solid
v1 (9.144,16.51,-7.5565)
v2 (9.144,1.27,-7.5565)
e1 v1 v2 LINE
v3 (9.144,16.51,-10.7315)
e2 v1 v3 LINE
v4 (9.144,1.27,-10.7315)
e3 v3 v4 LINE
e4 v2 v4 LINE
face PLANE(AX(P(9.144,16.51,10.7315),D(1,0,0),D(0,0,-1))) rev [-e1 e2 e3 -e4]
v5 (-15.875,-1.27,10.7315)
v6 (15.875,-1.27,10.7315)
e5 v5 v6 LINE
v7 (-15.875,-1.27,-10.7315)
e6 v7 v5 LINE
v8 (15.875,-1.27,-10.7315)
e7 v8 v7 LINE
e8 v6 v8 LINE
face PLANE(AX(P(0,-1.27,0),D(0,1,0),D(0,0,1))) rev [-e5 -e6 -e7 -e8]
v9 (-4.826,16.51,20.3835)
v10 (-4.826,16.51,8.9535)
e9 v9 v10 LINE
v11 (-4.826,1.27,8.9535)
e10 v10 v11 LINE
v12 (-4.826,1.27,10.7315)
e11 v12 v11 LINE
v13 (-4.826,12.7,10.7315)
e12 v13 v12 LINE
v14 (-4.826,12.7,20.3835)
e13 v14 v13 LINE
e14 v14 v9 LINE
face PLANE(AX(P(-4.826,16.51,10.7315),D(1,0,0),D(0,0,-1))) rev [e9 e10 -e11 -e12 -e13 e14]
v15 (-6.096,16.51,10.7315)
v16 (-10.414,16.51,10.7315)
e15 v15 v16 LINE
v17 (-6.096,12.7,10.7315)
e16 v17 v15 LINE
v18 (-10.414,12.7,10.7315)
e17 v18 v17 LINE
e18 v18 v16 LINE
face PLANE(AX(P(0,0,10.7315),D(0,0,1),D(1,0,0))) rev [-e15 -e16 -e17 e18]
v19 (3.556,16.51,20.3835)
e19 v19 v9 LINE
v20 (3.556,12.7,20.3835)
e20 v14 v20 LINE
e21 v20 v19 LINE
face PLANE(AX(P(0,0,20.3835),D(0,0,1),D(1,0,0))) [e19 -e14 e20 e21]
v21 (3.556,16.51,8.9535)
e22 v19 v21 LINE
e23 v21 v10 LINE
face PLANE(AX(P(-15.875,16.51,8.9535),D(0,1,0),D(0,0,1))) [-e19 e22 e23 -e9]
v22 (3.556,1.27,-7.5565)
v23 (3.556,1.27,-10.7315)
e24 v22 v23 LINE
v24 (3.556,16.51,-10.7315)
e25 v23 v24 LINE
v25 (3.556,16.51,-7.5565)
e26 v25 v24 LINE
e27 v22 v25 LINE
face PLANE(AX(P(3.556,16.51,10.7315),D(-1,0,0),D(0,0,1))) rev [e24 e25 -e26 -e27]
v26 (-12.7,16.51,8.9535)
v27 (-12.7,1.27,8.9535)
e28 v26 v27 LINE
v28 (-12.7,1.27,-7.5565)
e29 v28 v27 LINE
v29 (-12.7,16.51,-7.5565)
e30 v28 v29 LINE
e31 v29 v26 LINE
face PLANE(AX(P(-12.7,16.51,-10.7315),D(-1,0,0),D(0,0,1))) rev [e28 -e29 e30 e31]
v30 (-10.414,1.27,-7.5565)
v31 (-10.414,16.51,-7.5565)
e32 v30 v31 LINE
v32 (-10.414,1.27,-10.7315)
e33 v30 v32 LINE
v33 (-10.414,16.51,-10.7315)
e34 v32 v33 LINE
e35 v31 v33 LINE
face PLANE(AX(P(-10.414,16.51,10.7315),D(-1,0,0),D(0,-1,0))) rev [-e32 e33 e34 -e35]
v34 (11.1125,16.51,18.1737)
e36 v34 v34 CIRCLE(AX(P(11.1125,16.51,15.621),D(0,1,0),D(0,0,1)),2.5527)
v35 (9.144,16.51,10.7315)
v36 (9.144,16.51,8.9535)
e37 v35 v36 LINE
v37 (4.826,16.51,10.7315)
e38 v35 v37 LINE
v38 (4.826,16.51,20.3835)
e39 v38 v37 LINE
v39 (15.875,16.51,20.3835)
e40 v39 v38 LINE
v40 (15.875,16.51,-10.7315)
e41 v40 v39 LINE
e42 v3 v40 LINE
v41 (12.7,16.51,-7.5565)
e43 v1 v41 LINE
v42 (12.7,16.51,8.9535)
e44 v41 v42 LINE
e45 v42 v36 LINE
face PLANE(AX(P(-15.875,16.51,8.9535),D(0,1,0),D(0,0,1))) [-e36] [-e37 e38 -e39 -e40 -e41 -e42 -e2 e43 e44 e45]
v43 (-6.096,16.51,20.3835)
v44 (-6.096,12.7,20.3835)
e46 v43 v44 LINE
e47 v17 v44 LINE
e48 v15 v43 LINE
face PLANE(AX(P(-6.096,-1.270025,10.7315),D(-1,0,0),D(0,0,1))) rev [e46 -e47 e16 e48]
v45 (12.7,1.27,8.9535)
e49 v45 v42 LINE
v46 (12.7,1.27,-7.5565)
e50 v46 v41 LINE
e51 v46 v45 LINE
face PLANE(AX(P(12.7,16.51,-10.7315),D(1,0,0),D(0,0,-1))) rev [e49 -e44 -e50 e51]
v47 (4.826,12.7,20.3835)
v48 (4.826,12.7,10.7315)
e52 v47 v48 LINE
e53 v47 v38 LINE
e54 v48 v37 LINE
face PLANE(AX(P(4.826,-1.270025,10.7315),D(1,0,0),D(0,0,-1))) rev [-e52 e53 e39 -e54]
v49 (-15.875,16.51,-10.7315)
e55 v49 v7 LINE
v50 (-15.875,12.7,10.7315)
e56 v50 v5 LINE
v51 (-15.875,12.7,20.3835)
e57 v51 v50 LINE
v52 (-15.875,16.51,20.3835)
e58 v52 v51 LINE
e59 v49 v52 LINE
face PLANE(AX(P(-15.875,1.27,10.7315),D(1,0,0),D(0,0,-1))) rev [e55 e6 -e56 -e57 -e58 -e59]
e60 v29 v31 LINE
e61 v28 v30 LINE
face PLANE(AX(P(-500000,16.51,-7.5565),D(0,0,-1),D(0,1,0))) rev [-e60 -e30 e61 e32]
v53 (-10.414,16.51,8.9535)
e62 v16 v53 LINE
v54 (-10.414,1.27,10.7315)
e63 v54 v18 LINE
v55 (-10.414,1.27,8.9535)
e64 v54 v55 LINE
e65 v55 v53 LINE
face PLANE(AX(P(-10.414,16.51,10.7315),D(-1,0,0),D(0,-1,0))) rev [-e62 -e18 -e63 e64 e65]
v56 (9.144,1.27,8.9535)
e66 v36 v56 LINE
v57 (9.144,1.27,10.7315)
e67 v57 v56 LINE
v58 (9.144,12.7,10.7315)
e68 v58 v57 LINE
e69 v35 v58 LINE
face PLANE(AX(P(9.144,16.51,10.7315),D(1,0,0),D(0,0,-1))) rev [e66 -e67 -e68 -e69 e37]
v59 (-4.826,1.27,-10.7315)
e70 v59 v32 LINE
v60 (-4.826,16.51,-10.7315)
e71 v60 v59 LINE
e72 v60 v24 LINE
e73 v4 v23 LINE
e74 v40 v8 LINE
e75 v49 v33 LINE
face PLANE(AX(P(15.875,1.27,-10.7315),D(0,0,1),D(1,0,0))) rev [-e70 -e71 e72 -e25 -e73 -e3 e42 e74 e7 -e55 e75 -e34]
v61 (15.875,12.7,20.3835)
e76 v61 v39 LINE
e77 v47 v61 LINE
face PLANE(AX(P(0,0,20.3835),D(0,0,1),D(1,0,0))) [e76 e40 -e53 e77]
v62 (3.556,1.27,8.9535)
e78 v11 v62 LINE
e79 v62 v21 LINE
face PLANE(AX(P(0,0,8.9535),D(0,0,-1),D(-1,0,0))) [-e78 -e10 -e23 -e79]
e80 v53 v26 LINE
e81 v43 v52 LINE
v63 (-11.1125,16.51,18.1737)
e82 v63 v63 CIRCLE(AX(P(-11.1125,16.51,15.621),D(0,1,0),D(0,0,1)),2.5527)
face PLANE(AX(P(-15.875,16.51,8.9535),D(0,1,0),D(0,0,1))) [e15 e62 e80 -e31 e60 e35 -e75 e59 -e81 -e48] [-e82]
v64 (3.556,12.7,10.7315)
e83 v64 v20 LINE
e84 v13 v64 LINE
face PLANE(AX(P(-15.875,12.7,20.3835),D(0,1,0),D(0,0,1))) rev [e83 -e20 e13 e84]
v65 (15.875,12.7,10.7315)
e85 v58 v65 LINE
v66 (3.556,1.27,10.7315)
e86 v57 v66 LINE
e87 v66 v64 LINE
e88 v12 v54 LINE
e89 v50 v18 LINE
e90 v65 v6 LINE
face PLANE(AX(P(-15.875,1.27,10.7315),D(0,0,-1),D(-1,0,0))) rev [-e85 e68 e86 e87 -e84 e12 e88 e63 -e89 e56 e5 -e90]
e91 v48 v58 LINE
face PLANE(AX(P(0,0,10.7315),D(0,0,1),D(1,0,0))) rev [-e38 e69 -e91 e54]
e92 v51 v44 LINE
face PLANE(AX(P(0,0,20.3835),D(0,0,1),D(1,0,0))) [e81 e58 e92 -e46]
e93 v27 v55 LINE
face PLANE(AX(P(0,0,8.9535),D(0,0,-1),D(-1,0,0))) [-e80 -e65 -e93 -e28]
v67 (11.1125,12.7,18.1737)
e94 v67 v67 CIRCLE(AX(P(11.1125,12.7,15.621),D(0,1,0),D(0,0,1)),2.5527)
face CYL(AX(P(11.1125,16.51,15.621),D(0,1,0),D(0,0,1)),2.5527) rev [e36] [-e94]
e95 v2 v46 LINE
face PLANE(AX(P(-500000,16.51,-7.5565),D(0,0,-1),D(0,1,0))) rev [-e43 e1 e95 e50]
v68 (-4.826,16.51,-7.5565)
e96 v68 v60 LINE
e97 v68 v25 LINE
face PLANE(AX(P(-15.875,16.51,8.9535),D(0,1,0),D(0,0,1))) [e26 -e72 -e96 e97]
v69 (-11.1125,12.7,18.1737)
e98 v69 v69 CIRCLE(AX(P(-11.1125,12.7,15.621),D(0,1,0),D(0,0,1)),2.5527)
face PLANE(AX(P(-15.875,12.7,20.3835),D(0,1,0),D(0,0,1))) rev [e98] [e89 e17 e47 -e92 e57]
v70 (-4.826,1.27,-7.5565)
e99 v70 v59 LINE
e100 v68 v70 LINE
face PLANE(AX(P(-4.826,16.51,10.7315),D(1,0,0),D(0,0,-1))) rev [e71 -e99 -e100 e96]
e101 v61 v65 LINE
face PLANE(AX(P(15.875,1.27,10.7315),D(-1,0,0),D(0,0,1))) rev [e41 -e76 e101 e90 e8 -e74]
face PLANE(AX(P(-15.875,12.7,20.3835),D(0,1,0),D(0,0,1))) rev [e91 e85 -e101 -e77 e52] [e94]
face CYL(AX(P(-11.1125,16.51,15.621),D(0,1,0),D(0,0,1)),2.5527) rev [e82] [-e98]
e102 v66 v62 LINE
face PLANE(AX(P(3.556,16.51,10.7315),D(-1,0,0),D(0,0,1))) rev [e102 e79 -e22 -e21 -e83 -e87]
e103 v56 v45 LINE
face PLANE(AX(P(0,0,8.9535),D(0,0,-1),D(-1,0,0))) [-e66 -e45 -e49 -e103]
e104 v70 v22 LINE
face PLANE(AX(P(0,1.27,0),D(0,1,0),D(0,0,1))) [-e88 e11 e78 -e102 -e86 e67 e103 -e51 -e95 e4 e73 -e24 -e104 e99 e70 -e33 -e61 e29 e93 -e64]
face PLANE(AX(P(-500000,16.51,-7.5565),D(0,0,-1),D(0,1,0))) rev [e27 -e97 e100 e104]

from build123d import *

# Parameters (mm, degrees)
SKETCH1_W              = 31.75
SKETCH1_H              = 21.463
PLATE_DEPTH            = 1.27
SKETCH4_W              = 31.75
SKETCH4_H              = 15.24
BOSS_EXTRUDE1_DEPTH    = 1.778
SKETCH5_W              = 3.175
SKETCH5_H              = 15.24
BOSS_EXTRUDE2_DEPTH    = 19.685
BOSS_EXTRUDE5_REACH    = 36.703
SKETCH9_W              = 3.175
SKETCH9_H              = 15.24
SKETCH11_W             = 5.588
SKETCH11_H             = 15.24
CUT_EXTRUDE1_DEPTH     = 32.388789304
SKETCH13_W             = 31.75
SKETCH13_H             = 3.81
BOSS_EXTRUDE7_DEPTH    = 9.652
F_10_CLEARANCE_HOLE1_D = 5.1054
SKETCH18_W             = 1.27
SKETCH18_H             = 9.652
CUT_EXTRUDE6_DEPTH     = 32.362893636


with BuildPart() as part:
    # Sketch1 → Plate (new, symmetric)
    with BuildSketch(Plane(origin=(0, 0, 0), x_dir=(1, 0, 0), z_dir=(0, 1, 0))):
        Rectangle(SKETCH1_W, SKETCH1_H)
    extrude(amount=PLATE_DEPTH, both=True)

    # Sketch4 → Boss-Extrude1 (add)
    with BuildSketch(Plane.XY.offset(10.7315)):
        with Locations((0, 8.89)):
            Rectangle(SKETCH4_W, SKETCH4_H)
    extrude(amount=-BOSS_EXTRUDE1_DEPTH)

    # Sketch5 → Boss-Extrude2 (add)
    with BuildSketch(Plane(origin=(0, 0, 8.9535), x_dir=(-1, 0, 0), z_dir=(0, 0, -1))):
        with Locations((-14.2875, 8.89)):
            Rectangle(SKETCH5_W, SKETCH5_H)
        with Locations((14.2875, 8.89)):
            Rectangle(SKETCH5_W, SKETCH5_H)
    extrude(amount=BOSS_EXTRUDE2_DEPTH)

    # Sketch9 → Boss-Extrude5 (add, up to next)
    with BuildSketch(Plane.ZY.offset(-12.7), mode=Mode.PRIVATE) as boss_extrude5_sk1:
        with Locations((-9.144, 8.89)):
            Rectangle(SKETCH9_W, SKETCH9_H)
    boss_extrude5_tool1 = extrude(boss_extrude5_sk1.sketch, amount=BOSS_EXTRUDE5_REACH, mode=Mode.PRIVATE) - part.part
    add(boss_extrude5_tool1.solids().sort_by_distance((12.7, 8.89, -9.144))[0])

    # Sketch11 → Cut-Extrude1 (cut, through all)
    with BuildSketch(Plane(origin=(0, 0, -10.7315), x_dir=(-1, 0, 0), z_dir=(0, 0, -1))):
        with Locations((-6.35, 8.89)):
            Rectangle(SKETCH11_W, SKETCH11_H)
        with Locations((7.62, 8.89)):
            Rectangle(SKETCH11_W, SKETCH11_H)
    extrude(amount=-CUT_EXTRUDE1_DEPTH, mode=Mode.SUBTRACT)

    # Sketch13 → Boss-Extrude7 (add)
    with BuildSketch(Plane.XY.offset(10.7315)):
        with Locations((0, 14.605)):
            Rectangle(SKETCH13_W, SKETCH13_H)
    extrude(amount=BOSS_EXTRUDE7_DEPTH)

    # #10 Clearance Hole1 (through all)
    with Locations(Plane(origin=(11.1125, 16.51, 15.621), x_dir=(0, 0, 1), z_dir=(0, 1, 0))):
        with Locations((0, 0), (0, -22.225)):
            Hole(F_10_CLEARANCE_HOLE1_D / 2)

    # Sketch18 → Cut-Extrude6 (cut, through all)
    with BuildSketch(Plane(origin=(0, 16.51, 0), x_dir=(1, 0, 0), z_dir=(0, 1, 0))):
        with Locations((-5.461, -15.5575)):
            Rectangle(SKETCH18_W, SKETCH18_H)
        with Locations((4.191, -15.5575)):
            Rectangle(SKETCH18_W, SKETCH18_H)
    extrude(amount=-CUT_EXTRUDE6_DEPTH, mode=Mode.SUBTRACT)


solid = part.part
